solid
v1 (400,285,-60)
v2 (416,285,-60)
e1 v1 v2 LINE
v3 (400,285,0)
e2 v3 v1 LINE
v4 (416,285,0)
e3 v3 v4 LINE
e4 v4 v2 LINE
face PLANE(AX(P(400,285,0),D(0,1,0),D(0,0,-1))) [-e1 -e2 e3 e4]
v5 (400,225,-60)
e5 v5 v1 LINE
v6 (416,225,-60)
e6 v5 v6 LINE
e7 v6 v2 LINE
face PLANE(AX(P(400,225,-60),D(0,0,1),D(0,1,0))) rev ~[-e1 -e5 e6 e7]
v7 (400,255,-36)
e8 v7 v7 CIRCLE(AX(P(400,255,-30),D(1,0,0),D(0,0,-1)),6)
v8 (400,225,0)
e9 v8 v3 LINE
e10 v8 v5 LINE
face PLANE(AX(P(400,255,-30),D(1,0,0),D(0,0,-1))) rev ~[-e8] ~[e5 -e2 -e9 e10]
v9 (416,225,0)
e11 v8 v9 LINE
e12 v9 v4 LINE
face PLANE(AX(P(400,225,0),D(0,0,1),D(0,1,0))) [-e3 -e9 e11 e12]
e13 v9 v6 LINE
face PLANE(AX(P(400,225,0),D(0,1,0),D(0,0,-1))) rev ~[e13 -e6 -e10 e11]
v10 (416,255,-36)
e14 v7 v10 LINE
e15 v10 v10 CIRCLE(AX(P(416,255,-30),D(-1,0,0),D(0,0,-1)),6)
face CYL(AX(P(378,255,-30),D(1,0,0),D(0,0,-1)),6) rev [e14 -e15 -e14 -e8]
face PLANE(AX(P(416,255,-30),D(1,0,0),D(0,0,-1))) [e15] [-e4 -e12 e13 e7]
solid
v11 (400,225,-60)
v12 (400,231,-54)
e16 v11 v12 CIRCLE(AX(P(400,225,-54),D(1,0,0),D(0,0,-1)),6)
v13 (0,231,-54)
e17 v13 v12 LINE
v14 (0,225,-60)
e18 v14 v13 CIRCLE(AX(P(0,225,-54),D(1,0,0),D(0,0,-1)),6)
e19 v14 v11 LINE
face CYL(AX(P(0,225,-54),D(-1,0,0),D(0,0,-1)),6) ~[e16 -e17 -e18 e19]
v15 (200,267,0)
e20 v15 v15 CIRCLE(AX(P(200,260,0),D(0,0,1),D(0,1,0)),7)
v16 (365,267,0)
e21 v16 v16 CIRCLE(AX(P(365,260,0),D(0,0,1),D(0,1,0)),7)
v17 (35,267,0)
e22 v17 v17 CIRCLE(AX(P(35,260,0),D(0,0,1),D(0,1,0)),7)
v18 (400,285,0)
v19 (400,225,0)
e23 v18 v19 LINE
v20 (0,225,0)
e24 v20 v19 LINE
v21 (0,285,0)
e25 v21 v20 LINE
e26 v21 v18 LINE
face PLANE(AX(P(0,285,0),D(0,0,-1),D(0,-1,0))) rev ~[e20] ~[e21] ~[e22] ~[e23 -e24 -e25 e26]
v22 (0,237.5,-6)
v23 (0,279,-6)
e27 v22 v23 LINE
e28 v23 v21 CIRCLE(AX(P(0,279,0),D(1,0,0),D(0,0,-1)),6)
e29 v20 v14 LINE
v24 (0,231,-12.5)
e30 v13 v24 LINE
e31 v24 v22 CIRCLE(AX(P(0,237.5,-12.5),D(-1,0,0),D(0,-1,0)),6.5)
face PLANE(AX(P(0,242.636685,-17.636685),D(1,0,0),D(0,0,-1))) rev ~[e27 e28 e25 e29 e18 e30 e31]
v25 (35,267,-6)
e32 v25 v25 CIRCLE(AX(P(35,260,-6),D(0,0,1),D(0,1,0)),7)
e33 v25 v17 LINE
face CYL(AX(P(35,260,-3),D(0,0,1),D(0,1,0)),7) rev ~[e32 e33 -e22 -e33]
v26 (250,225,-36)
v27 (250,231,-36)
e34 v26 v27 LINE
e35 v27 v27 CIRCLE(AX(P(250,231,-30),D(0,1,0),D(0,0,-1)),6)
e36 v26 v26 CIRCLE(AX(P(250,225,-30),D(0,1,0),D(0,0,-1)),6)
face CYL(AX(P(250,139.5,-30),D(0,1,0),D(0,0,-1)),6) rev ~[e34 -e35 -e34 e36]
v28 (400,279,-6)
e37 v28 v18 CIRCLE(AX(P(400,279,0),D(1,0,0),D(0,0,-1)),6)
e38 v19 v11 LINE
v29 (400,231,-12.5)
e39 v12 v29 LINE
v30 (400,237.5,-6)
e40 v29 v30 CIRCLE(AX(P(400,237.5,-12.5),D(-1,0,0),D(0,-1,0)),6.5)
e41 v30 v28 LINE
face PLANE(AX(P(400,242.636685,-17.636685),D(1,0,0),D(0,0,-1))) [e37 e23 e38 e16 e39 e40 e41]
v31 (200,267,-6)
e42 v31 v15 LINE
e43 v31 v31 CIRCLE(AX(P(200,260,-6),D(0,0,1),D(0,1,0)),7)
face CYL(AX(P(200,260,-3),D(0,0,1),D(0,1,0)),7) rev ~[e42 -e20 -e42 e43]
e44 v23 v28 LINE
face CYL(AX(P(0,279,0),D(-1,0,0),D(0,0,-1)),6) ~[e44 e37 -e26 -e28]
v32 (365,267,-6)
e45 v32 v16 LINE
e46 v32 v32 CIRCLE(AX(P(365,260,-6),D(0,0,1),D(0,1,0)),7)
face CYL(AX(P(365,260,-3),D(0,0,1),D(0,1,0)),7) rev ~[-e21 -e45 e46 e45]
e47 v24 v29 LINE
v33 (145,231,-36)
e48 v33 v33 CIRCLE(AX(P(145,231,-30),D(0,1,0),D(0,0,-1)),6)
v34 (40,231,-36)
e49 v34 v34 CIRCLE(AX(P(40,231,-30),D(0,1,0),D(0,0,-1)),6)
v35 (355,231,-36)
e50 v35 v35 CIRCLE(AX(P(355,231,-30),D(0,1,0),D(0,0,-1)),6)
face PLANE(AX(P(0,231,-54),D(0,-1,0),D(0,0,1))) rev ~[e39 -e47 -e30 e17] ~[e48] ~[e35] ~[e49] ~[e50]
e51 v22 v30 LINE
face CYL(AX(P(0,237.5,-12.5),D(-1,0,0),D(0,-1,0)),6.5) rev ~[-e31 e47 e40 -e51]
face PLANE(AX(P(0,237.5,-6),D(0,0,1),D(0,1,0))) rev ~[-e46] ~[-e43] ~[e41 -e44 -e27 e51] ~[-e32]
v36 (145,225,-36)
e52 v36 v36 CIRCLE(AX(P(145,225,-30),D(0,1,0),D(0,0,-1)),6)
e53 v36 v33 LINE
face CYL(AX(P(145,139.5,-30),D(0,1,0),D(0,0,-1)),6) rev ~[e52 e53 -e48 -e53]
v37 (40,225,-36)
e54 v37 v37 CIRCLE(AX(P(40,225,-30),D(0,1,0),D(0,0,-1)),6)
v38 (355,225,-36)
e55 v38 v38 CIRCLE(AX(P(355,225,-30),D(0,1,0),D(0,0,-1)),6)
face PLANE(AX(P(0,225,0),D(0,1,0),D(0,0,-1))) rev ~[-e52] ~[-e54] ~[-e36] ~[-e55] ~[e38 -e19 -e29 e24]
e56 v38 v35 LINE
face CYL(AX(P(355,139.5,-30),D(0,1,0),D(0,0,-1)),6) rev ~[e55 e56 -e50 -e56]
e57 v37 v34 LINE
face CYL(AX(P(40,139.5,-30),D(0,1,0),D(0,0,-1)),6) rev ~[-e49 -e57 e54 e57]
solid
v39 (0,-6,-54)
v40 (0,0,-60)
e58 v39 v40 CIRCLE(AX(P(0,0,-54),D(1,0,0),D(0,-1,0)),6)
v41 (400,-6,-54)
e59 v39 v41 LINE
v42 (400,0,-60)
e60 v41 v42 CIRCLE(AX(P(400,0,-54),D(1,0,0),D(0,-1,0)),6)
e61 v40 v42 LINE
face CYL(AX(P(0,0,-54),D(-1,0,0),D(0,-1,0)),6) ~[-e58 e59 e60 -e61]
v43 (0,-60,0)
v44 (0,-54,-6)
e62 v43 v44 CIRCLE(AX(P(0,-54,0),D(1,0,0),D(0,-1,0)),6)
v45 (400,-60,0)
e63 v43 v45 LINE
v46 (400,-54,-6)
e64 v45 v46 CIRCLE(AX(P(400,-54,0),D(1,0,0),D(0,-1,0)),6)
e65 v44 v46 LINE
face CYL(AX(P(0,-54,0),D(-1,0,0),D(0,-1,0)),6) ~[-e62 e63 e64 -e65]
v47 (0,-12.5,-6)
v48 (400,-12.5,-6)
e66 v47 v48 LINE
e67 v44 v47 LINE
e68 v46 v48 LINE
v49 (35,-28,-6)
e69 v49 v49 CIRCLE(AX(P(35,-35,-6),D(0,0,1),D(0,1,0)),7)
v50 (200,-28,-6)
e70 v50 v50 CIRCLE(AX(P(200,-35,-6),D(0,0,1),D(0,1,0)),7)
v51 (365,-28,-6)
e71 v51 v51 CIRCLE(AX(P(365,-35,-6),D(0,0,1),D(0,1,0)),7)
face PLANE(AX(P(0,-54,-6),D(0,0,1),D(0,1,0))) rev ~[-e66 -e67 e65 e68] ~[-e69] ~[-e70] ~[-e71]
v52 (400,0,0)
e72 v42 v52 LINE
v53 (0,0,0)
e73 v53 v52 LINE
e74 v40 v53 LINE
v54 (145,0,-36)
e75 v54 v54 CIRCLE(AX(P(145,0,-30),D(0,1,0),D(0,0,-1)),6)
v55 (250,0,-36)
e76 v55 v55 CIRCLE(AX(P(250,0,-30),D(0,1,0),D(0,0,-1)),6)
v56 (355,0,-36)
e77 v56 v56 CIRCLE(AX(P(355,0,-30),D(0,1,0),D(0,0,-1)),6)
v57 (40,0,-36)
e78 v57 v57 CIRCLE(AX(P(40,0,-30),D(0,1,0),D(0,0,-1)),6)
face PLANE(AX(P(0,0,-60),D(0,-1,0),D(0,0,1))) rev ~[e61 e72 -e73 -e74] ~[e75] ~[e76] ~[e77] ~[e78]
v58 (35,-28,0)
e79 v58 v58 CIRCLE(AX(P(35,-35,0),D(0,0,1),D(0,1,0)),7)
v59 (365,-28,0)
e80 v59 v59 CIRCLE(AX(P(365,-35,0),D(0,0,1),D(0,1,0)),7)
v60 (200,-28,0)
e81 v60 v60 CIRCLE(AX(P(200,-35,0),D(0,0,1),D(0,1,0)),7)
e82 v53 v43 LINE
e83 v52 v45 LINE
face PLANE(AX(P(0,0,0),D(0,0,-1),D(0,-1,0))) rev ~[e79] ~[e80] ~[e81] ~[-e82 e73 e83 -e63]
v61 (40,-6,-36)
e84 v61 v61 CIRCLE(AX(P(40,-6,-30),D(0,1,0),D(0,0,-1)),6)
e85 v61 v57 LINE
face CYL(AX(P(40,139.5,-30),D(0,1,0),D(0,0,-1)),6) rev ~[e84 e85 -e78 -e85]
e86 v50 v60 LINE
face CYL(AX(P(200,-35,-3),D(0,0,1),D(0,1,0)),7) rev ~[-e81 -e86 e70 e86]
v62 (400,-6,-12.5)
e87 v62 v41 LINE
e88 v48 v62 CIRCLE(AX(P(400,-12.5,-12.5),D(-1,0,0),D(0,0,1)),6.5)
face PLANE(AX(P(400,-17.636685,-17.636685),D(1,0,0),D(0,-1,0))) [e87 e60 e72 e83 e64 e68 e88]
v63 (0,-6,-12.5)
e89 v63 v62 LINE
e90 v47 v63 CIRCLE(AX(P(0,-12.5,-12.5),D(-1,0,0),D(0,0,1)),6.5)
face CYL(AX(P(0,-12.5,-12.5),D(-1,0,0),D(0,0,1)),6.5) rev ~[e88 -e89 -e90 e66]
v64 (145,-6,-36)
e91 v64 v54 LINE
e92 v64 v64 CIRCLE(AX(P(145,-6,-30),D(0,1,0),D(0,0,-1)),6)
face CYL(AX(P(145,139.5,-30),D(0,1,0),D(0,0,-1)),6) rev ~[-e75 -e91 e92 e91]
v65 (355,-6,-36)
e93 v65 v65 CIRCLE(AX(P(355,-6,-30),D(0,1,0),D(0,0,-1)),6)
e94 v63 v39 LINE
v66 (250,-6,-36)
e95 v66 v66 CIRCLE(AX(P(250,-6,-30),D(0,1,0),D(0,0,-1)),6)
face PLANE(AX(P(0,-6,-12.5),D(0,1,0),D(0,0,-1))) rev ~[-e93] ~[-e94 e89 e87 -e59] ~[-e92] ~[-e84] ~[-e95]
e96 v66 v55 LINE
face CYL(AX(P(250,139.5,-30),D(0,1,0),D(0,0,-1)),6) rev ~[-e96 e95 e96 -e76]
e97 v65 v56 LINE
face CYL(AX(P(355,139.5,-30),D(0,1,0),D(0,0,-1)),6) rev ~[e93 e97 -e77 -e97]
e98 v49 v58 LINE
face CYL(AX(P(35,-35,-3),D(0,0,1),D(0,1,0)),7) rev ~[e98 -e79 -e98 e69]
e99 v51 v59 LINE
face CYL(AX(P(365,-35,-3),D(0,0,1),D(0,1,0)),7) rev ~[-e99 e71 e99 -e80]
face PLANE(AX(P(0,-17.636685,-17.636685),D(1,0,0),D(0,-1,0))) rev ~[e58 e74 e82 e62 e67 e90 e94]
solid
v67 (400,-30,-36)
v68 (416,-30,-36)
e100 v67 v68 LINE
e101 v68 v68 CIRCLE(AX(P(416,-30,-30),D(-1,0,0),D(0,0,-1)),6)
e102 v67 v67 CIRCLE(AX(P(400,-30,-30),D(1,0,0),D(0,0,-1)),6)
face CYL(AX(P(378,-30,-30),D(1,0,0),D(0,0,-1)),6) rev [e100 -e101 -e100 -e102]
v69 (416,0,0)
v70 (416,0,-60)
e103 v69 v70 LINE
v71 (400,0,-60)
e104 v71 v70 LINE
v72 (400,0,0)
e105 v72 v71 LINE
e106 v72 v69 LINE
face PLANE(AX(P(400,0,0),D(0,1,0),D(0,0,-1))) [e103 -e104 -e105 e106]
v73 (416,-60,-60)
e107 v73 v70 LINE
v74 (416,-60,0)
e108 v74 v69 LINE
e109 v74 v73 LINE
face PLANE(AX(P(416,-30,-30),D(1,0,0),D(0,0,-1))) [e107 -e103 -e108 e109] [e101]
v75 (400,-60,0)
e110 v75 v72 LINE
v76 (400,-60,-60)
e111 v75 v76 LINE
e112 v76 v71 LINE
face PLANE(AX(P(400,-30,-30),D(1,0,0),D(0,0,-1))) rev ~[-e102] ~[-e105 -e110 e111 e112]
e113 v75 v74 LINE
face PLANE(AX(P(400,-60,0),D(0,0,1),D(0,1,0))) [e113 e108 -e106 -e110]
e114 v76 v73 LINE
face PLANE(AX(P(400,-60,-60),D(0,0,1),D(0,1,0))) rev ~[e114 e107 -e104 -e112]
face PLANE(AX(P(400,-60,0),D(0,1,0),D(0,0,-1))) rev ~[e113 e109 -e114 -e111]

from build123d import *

# Parameters (mm, degrees)
GBT_706_2008_60_60_6_1_DEPTH     = 400
GBT_706_2008_60_60_6_2_DEPTH     = 400
GBT_706_2008_60_60_6_3_DEPTH     = 225
SKETCH_8_W                       = 60
SKETCH_8_H                       = 60
EXTRUDE_2_DEPTH                  = 16
EXTRUDE_2_2_DEPTH                = 16
HOLE_WIZARD_M14_2_AT_2_COUNT     = 2
HOLE_WIZARD_M14_2_AT_2_PITCH     = 285
SKETCH_12_W                      = 6
SKETCH_12_H                      = 291
HOLE_WIZARD_12_0_12_1_AT_2_COUNT = 2
HOLE_WIZARD_12_0_12_1_AT_2_PITCH = 105
HOLE_WIZARD_12_0_12_1_AT_3_COUNT = 2
HOLE_WIZARD_12_0_12_1_AT_3_PITCH = 210
HOLE_WIZARD_12_0_12_1_AT_4_COUNT = 2
HOLE_WIZARD_12_0_12_1_AT_4_PITCH = 315
SKETCH_14_W                      = 7
SKETCH_14_H                      = 6
HOLE_WIZARD_14_0_14_1_AT_2_COUNT = 2
HOLE_WIZARD_14_0_14_1_AT_2_PITCH = 165
HOLE_WIZARD_14_0_14_1_AT_3_COUNT = 2
HOLE_WIZARD_14_0_14_1_AT_3_PITCH = 330
HOLE_WIZARD_14_0_14_1_AT_4_COUNT = 2
HOLE_WIZARD_14_0_14_1_AT_4_PITCH = 295
HOLE_WIZARD_14_0_14_1_AT_5_COUNT = 2
HOLE_WIZARD_14_0_14_1_AT_5_PITCH = 338.008875623
HOLE_WIZARD_14_0_14_1_AT_6_COUNT = 2
HOLE_WIZARD_14_0_14_1_AT_6_PITCH = 442.634160453
HOLE_WIZARD_14_0_14_1_AT_7_COUNT = 2
HOLE_WIZARD_14_0_14_1_AT_7_PITCH = 406.970514902
HOLE_WIZARD_14_0_14_1_AT_8_COUNT = 2
HOLE_WIZARD_14_0_14_1_AT_8_PITCH = 456.508488421
SKETCH_15_W                      = 60
SKETCH_15_H                      = 225
CUT_EXTRUDE_1_DEPTH              = 100


with BuildPart() as part:
    # Sketch13 → Gbt 706-2008 热轧型钢_等边角钢 60×60×6(1) (new body)
    with BuildSketch(Plane(origin=(0, 225, 0), x_dir=(0, 0, -1), z_dir=(1, 0, 0))):
        with BuildLine():
            Line((0, 60), (0, 0))
            Line((0, 0), (60, 0))
            ThreePointArc((60, 0), (58.242640687, 4.242640687), (54, 6))
            Line((54, 6), (12.5, 6))
            ThreePointArc((12.5, 6), (7.903805922, 7.903805922), (6, 12.5))
            Line((6, 12.5), (6, 54))
            ThreePointArc((6, 54), (4.242640687, 58.242640687), (0, 60))
        make_face()
    extrude(amount=GBT_706_2008_60_60_6_1_DEPTH)


with BuildPart() as body_2:
    # Sketch1 → Gbt 706-2008 热轧型钢_等边角钢 60×60×6(2) (new body)
    with BuildSketch(Plane(origin=(0, 0, 0), x_dir=(0, -1, 0), z_dir=(1, 0, 0))):
        with BuildLine():
            Line((0, 60), (0, 0))
            Line((0, 0), (60, 0))
            ThreePointArc((60, 0), (58.242640687, 4.242640687), (54, 6))
            Line((54, 6), (12.5, 6))
            ThreePointArc((12.5, 6), (7.903805922, 7.903805922), (6, 12.5))
            Line((6, 12.5), (6, 54))
            ThreePointArc((6, 54), (4.242640687, 58.242640687), (0, 60))
        make_face()
    extrude(amount=GBT_706_2008_60_60_6_2_DEPTH)


with BuildPart() as body_3:
    # Sketch14 → Gbt 706-2008 热轧型钢_等边角钢 60×60×6(3) (new body)
    with BuildSketch(Plane(origin=(0, 225, 0), x_dir=(-1, 0, 0), z_dir=(0, -1, 0))):
        with BuildLine():
            Line((0, 60), (0, 0))
            Line((0, 0), (60, 0))
            ThreePointArc((60, 0), (58.242640687, 4.242640687), (54, 6))
            Line((54, 6), (12.5, 6))
            ThreePointArc((12.5, 6), (7.903805922, 7.903805922), (6, 12.5))
            Line((6, 12.5), (6, 54))
            ThreePointArc((6, 54), (4.242640687, 58.242640687), (0, 60))
        make_face()
    extrude(amount=GBT_706_2008_60_60_6_3_DEPTH)


with BuildPart() as body_4:
    # 草图8 → 凸台-拉伸2 (new body)
    with BuildSketch(Plane(origin=(400, 0, 0), x_dir=(0, 0, -1), z_dir=(1, 0, 0))):
        with Locations((30, 255)):
            Rectangle(SKETCH_8_W, SKETCH_8_H)
    extrude(amount=EXTRUDE_2_DEPTH)

    # 草图10 → M14 螺纹孔2 (revolve, cut)
    with BuildSketch(Plane(origin=(416, 255, -30), x_dir=(0, 0, -1), z_dir=(0, 1, 0))):
        Polygon((0, 0), (0, 41.605163714), (6, 38), (6, 0), align=None)
    hole_wizard_m14_2 = revolve(axis=Axis((422.35, 255, -30), (-1, 0, 0)), mode=Mode.SUBTRACT)


with BuildPart() as body_5:
    # 草图8 → Extrude 2 2 (new body)
    with BuildSketch(Plane(origin=(400, 0, 0), x_dir=(0, 0, -1), z_dir=(1, 0, 0))):
        with Locations((30, -30)):
            Rectangle(SKETCH_8_W, SKETCH_8_H)
    extrude(amount=EXTRUDE_2_2_DEPTH)

    # M14 螺纹孔2 at 2: M14 螺纹孔2 ×2
    with Locations(*[(0, -i * HOLE_WIZARD_M14_2_AT_2_PITCH, 0) for i in range(1, HOLE_WIZARD_M14_2_AT_2_COUNT)]):
        add(hole_wizard_m14_2, mode=Mode.SUBTRACT)


with BuildPart() as hole_wizard_12_0_12_1_tool:
    # 草图12 → Ø12.0 (12) 直径孔1 (revolve)
    with BuildSketch(Plane(origin=(355, -6, -30), x_dir=(0, 0, -1), z_dir=(1, 0, 0))):
        with Locations((3, 145.5)):
            Rectangle(SKETCH_12_W, SKETCH_12_H)
    hole_wizard_12_0_12_1 = revolve(axis=Axis((355, -12.35, -30), (0, 1, 0)))


with BuildPart() as part_1:
    add(part.part)

    # Ø12.0 (12) 直径孔1: cut by hole_wizard_12_0_12_1_tool
    add(hole_wizard_12_0_12_1_tool.part, mode=Mode.SUBTRACT)


with BuildPart() as body_2_1:
    add(body_2.part)

    # Ø12.0 (12) 直径孔1: cut by hole_wizard_12_0_12_1_tool
    add(hole_wizard_12_0_12_1_tool.part, mode=Mode.SUBTRACT)


with BuildPart() as hole_wizard_12_0_12_1_at_2_tool:
    # Ø12.0 (12) 直径孔1 at 2: Ø12.0 (12) 直径孔1 ×2
    with Locations(*[(-i * HOLE_WIZARD_12_0_12_1_AT_2_PITCH, 0, 0) for i in range(1, HOLE_WIZARD_12_0_12_1_AT_2_COUNT)]):
        add(hole_wizard_12_0_12_1)


with BuildPart() as part_2:
    add(part_1.part)

    # Ø12.0 (12) 直径孔1 at 2: cut by hole_wizard_12_0_12_1_at_2_tool
    add(hole_wizard_12_0_12_1_at_2_tool.part, mode=Mode.SUBTRACT)


with BuildPart() as body_2_2:
    add(body_2_1.part)

    # Ø12.0 (12) 直径孔1 at 2: cut by hole_wizard_12_0_12_1_at_2_tool
    add(hole_wizard_12_0_12_1_at_2_tool.part, mode=Mode.SUBTRACT)


with BuildPart() as hole_wizard_12_0_12_1_at_3_tool:
    # Ø12.0 (12) 直径孔1 at 3: Ø12.0 (12) 直径孔1 ×2
    with Locations(*[(-i * HOLE_WIZARD_12_0_12_1_AT_3_PITCH, 0, 0) for i in range(1, HOLE_WIZARD_12_0_12_1_AT_3_COUNT)]):
        add(hole_wizard_12_0_12_1)


with BuildPart() as part_3:
    add(part_2.part)

    # Ø12.0 (12) 直径孔1 at 3: cut by hole_wizard_12_0_12_1_at_3_tool
    add(hole_wizard_12_0_12_1_at_3_tool.part, mode=Mode.SUBTRACT)


with BuildPart() as body_2_3:
    add(body_2_2.part)

    # Ø12.0 (12) 直径孔1 at 3: cut by hole_wizard_12_0_12_1_at_3_tool
    add(hole_wizard_12_0_12_1_at_3_tool.part, mode=Mode.SUBTRACT)


with BuildPart() as hole_wizard_12_0_12_1_at_4_tool:
    # Ø12.0 (12) 直径孔1 at 4: Ø12.0 (12) 直径孔1 ×2
    with Locations(*[(-i * HOLE_WIZARD_12_0_12_1_AT_4_PITCH, 0, 0) for i in range(1, HOLE_WIZARD_12_0_12_1_AT_4_COUNT)]):
        add(hole_wizard_12_0_12_1)


with BuildPart() as part_4:
    add(part_3.part)

    # Ø12.0 (12) 直径孔1 at 4: cut by hole_wizard_12_0_12_1_at_4_tool
    add(hole_wizard_12_0_12_1_at_4_tool.part, mode=Mode.SUBTRACT)

    # 草图14 → Ø14.0 (14) 直径孔1 (revolve, cut)
    with BuildSketch(Plane(origin=(365, 260, -6), x_dir=(0, 1, 0), z_dir=(1, 0, 0))):
        with Locations((3.5, 3)):
            Rectangle(SKETCH_14_W, SKETCH_14_H)
    hole_wizard_14_0_14_1 = revolve(axis=Axis((365, 260, -12.35), (0, 0, 1)), mode=Mode.SUBTRACT)

    # Ø14.0 (14) 直径孔1 at 2: Ø14.0 (14) 直径孔1 ×2
    with Locations(*[(-i * HOLE_WIZARD_14_0_14_1_AT_2_PITCH, 0, 0) for i in range(1, HOLE_WIZARD_14_0_14_1_AT_2_COUNT)]):
        add(hole_wizard_14_0_14_1, mode=Mode.SUBTRACT)

    # Ø14.0 (14) 直径孔1 at 3: Ø14.0 (14) 直径孔1 ×2
    with Locations(*[(-i * HOLE_WIZARD_14_0_14_1_AT_3_PITCH, 0, 0) for i in range(1, HOLE_WIZARD_14_0_14_1_AT_3_COUNT)]):
        add(hole_wizard_14_0_14_1, mode=Mode.SUBTRACT)


with BuildPart() as body_2_4:
    add(body_2_3.part)

    # Ø12.0 (12) 直径孔1 at 4: cut by hole_wizard_12_0_12_1_at_4_tool
    add(hole_wizard_12_0_12_1_at_4_tool.part, mode=Mode.SUBTRACT)

    # Ø14.0 (14) 直径孔1 at 4: Ø14.0 (14) 直径孔1 ×2
    with Locations(*[(0, -i * HOLE_WIZARD_14_0_14_1_AT_4_PITCH, 0) for i in range(1, HOLE_WIZARD_14_0_14_1_AT_4_COUNT)]):
        add(hole_wizard_14_0_14_1, mode=Mode.SUBTRACT)

    # Ø14.0 (14) 直径孔1 at 5: Ø14.0 (14) 直径孔1 ×2
    with Locations(*[Vector(-0.48815286195022645, -0.8727581471231325, 0) * (i * HOLE_WIZARD_14_0_14_1_AT_5_PITCH) for i in range(1, HOLE_WIZARD_14_0_14_1_AT_5_COUNT)]):
        add(hole_wizard_14_0_14_1, mode=Mode.SUBTRACT)

    # Ø14.0 (14) 直径孔1 at 6: Ø14.0 (14) 直径孔1 ×2
    with Locations(*[Vector(-0.7455366744903166, -0.6664646029534651, 0) * (i * HOLE_WIZARD_14_0_14_1_AT_6_PITCH) for i in range(1, HOLE_WIZARD_14_0_14_1_AT_6_COUNT)]):
        add(hole_wizard_14_0_14_1, mode=Mode.SUBTRACT)


with BuildPart() as body_3_1:
    add(body_3.part)

    # Ø14.0 (14) 直径孔1 at 7: Ø14.0 (14) 直径孔1 ×2
    with Locations(*[Vector(-0.9828721869343219, -0.1842885350501855, 0) * (i * HOLE_WIZARD_14_0_14_1_AT_7_PITCH) for i in range(1, HOLE_WIZARD_14_0_14_1_AT_7_COUNT)]):
        add(hole_wizard_14_0_14_1, mode=Mode.SUBTRACT)

    # Ø14.0 (14) 直径孔1 at 8: Ø14.0 (14) 直径孔1 ×2
    with Locations(*[Vector(-0.876215908676647, -0.48191874977215593, 0) * (i * HOLE_WIZARD_14_0_14_1_AT_8_PITCH) for i in range(1, HOLE_WIZARD_14_0_14_1_AT_8_COUNT)]):
        add(hole_wizard_14_0_14_1, mode=Mode.SUBTRACT)

    # 草图15 → 切除-拉伸1 (cut)
    with BuildSketch(Plane(origin=(0, 0, 0), x_dir=(0, 0, -1), z_dir=(1, 0, 0))):
        with Locations((30, 112.5)):
            Rectangle(SKETCH_15_W, SKETCH_15_H)
    extrude(amount=-CUT_EXTRUDE_1_DEPTH, mode=Mode.SUBTRACT)


solid = Compound([body_4.part, body_5.part, part_4.part, body_2_4.part])
